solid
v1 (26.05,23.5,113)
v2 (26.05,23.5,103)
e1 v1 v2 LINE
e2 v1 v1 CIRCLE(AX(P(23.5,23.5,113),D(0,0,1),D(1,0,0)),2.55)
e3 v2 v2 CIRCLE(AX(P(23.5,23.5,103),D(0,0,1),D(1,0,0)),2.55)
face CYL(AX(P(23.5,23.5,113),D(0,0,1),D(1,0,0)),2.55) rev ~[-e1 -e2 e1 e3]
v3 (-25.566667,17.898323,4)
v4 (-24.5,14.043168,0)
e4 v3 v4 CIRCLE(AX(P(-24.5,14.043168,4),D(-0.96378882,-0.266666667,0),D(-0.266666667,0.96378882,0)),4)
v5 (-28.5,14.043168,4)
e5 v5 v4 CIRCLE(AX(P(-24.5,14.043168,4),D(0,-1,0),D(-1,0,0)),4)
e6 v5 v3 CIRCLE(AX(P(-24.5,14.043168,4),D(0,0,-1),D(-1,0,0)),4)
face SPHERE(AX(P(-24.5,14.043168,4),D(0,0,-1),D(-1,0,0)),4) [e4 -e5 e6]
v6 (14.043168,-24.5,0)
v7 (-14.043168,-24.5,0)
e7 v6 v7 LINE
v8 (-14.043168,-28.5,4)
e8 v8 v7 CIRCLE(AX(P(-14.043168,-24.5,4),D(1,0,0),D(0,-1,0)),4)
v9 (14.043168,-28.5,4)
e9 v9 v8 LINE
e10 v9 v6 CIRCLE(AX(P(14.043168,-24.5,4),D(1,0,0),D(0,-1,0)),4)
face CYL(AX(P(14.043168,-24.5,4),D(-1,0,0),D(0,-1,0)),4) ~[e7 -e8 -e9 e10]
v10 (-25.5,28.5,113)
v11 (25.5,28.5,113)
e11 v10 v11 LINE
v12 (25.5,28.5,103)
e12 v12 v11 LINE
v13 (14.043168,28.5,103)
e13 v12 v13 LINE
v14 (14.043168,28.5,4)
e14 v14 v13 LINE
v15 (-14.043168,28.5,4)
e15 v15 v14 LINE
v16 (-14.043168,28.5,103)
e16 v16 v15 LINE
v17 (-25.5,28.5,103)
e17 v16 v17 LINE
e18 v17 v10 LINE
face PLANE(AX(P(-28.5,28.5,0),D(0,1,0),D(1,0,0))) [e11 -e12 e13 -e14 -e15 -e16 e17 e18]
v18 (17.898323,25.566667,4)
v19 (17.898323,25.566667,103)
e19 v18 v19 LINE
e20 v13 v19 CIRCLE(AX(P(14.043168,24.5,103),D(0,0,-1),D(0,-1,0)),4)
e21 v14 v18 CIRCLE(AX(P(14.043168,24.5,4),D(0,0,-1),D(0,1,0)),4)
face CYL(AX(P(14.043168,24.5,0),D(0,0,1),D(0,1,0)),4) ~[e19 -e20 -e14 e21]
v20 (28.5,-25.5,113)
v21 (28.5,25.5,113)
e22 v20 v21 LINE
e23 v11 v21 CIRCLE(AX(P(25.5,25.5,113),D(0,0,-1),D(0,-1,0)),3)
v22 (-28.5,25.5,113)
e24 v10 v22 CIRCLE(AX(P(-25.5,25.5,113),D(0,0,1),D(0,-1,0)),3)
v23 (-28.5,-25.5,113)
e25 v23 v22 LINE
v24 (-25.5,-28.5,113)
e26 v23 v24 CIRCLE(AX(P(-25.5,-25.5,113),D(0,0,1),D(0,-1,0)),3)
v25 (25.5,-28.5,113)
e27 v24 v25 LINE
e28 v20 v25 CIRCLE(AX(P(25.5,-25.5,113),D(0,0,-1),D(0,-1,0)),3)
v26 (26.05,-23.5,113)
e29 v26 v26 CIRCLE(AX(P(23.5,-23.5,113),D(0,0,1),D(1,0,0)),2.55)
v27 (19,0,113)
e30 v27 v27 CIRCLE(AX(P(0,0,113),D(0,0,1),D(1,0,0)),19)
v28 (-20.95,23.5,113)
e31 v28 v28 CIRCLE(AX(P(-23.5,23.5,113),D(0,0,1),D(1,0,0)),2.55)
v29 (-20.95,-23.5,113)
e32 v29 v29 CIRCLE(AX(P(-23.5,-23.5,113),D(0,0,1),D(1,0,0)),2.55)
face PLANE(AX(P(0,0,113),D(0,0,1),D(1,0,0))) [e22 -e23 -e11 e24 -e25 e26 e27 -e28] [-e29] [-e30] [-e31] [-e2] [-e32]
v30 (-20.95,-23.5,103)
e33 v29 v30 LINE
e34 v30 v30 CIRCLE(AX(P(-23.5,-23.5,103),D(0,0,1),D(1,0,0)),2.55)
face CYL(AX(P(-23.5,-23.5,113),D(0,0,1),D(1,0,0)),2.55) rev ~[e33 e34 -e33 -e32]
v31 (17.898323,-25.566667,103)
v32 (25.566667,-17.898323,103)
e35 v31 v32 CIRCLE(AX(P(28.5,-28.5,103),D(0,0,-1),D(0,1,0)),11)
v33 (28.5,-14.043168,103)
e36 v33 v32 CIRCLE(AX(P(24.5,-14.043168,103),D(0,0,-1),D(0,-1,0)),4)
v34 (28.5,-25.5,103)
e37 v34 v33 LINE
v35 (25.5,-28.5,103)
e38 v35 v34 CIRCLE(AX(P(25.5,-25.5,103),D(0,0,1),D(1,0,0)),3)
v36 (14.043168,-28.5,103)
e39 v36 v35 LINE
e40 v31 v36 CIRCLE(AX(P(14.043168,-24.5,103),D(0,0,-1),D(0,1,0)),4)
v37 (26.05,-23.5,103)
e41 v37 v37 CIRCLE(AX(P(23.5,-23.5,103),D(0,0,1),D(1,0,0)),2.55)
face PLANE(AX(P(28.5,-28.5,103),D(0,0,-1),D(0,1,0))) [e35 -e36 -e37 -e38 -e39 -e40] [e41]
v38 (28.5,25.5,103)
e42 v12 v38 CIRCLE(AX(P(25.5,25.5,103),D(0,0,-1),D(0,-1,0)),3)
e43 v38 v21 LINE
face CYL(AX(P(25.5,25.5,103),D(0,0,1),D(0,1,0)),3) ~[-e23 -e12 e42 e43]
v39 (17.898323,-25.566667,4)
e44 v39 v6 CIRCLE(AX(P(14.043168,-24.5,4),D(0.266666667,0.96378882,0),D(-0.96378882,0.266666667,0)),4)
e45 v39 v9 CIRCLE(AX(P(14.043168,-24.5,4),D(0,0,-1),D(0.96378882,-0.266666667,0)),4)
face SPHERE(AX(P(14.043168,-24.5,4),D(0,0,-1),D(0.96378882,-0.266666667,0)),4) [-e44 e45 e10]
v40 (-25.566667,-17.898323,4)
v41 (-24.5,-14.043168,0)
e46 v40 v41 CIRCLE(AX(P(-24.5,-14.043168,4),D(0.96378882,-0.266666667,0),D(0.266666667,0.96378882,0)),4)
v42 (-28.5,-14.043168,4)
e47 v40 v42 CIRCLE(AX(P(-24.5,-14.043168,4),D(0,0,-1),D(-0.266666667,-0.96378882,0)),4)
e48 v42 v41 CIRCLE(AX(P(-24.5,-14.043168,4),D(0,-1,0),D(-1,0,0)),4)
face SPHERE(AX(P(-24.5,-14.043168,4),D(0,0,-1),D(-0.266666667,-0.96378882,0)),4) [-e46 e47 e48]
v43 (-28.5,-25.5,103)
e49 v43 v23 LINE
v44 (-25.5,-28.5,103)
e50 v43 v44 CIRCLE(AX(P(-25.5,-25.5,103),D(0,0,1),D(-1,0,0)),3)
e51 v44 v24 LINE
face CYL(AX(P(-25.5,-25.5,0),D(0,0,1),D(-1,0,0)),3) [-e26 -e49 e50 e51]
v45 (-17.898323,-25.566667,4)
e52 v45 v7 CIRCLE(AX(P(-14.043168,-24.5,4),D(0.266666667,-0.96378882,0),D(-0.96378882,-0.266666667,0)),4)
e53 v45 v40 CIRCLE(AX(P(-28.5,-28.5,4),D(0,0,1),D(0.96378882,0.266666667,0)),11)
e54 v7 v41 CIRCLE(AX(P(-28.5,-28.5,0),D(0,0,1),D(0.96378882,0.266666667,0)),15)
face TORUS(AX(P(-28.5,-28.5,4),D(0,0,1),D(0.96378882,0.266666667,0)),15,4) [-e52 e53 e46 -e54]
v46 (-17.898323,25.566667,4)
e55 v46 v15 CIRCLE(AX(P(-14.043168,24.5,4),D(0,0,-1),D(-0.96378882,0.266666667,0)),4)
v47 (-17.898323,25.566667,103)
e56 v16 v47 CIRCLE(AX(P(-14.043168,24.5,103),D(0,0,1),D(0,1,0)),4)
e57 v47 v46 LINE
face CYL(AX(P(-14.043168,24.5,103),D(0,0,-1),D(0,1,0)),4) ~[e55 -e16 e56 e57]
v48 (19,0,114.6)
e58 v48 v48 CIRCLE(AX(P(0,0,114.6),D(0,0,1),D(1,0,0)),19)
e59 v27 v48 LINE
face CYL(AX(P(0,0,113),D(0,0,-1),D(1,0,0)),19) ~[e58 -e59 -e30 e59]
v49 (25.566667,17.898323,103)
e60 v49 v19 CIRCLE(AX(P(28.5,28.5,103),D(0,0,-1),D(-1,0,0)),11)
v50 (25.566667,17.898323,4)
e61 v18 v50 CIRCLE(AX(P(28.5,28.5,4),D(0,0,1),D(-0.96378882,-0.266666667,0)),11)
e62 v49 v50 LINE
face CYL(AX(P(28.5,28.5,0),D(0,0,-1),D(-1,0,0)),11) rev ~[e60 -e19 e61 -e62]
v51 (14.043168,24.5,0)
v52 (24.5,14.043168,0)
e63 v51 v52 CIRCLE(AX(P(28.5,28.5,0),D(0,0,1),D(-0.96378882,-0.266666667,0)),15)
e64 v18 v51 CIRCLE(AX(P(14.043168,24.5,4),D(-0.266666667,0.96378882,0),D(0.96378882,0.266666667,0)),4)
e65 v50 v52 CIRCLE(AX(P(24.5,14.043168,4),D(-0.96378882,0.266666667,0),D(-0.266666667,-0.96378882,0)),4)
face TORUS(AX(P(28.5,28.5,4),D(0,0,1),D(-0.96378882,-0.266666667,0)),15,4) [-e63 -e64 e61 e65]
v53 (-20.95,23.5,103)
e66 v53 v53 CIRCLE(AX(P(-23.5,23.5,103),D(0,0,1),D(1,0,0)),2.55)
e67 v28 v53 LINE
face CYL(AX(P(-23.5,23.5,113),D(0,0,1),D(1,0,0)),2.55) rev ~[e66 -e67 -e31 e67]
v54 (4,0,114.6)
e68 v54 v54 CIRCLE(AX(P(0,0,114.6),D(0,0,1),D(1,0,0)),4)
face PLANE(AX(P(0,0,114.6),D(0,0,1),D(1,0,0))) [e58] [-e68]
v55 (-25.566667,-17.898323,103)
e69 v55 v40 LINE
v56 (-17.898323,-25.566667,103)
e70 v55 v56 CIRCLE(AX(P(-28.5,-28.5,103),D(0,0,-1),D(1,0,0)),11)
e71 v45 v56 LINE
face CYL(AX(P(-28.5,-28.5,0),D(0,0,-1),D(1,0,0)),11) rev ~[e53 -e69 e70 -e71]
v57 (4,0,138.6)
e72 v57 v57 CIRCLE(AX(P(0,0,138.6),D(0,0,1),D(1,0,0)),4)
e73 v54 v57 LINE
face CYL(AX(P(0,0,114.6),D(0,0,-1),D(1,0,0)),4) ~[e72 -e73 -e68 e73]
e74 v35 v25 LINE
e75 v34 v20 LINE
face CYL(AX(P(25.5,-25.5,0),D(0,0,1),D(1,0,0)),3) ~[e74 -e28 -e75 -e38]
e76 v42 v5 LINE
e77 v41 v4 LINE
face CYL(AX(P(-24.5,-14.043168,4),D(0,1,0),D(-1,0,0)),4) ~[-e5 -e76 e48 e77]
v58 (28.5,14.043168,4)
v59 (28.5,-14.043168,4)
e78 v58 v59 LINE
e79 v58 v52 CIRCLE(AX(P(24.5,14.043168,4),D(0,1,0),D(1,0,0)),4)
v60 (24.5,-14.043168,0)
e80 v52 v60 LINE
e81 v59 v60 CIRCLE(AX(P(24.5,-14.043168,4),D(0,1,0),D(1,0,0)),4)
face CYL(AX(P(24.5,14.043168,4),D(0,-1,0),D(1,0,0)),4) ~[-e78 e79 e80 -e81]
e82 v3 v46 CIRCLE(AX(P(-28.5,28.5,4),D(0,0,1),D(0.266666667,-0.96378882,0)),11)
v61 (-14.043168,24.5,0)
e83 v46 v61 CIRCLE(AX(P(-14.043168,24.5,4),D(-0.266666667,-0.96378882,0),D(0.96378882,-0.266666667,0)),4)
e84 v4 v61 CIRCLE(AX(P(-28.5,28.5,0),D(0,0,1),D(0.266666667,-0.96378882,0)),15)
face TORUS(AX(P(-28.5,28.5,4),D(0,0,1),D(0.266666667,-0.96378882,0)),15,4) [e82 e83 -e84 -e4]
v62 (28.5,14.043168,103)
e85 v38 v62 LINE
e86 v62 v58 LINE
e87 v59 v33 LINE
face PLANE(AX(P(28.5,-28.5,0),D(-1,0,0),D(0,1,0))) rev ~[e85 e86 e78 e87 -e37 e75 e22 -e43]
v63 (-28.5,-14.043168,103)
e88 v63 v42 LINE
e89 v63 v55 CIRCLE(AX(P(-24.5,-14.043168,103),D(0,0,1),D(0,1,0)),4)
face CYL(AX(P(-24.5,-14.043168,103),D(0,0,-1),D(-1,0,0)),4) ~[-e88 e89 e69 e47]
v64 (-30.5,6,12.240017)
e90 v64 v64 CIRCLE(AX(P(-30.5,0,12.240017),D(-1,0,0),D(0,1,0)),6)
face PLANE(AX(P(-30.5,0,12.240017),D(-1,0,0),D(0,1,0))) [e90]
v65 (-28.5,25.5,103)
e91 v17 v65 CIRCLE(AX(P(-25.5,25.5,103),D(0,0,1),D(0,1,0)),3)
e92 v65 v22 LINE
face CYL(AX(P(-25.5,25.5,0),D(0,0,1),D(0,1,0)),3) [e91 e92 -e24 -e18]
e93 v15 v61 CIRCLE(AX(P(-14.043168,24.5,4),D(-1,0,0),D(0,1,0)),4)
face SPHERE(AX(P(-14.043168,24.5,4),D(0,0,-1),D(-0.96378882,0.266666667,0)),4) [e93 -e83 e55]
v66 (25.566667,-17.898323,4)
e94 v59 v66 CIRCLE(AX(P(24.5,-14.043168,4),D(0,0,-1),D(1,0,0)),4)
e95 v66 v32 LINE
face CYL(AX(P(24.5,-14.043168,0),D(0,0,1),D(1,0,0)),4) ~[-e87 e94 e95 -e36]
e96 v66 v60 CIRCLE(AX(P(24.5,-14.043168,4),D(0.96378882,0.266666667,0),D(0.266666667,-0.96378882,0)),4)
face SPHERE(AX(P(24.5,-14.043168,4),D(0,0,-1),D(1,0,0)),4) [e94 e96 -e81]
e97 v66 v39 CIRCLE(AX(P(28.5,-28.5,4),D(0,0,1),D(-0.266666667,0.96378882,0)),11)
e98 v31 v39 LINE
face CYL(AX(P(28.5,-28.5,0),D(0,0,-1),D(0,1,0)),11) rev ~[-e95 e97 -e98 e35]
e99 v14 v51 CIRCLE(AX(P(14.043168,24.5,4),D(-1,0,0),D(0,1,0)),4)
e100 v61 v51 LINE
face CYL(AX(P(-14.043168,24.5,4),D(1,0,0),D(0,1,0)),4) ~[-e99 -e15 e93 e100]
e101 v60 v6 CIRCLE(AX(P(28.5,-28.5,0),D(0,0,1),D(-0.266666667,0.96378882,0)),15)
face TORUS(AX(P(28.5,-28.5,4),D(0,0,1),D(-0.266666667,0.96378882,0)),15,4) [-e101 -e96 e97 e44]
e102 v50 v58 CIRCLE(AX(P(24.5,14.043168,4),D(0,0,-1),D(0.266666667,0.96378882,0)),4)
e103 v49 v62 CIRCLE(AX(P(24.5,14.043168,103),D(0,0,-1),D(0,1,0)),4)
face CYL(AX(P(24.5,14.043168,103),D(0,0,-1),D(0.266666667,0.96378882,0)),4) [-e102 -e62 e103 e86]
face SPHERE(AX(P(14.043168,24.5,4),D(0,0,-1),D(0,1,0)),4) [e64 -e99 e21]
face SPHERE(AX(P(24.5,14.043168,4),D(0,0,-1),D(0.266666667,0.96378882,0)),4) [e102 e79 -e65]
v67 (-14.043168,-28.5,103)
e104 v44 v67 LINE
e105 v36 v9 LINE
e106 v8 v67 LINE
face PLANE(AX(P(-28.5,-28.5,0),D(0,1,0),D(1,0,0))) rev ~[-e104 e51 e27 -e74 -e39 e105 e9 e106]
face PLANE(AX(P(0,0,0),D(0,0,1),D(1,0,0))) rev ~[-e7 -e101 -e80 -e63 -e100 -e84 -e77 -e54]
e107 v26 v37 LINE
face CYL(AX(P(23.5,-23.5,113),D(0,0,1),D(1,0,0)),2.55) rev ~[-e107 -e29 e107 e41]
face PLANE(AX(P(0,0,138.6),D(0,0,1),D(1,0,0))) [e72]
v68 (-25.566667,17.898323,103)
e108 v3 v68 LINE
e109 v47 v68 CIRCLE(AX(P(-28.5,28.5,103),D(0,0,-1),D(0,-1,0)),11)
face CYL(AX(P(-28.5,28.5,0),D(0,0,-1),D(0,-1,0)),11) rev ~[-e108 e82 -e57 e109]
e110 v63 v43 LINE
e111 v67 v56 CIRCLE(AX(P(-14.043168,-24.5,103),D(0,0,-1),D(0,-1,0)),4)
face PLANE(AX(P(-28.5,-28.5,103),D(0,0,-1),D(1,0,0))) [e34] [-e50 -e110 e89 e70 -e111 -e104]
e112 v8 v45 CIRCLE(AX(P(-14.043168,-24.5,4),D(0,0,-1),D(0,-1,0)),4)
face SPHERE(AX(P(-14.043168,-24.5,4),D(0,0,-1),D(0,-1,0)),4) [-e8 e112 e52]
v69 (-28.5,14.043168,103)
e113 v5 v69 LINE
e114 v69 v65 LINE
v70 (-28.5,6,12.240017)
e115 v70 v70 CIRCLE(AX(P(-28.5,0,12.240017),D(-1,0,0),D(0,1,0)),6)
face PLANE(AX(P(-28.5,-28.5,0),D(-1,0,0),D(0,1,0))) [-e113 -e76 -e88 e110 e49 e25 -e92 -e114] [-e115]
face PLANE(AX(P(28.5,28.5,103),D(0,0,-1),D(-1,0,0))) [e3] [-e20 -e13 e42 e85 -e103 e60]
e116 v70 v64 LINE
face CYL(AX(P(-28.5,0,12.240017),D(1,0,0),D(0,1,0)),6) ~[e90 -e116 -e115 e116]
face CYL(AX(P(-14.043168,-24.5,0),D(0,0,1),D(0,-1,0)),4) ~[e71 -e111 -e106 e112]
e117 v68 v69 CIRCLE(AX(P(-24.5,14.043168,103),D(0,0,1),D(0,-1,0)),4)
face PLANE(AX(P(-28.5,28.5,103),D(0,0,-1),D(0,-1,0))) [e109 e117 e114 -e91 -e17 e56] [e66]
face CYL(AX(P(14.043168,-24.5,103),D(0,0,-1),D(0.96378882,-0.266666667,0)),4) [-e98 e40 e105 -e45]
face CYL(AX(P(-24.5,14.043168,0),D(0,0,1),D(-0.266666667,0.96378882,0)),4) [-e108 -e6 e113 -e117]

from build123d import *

# Parameters (mm, degrees)
SKETCH1_W           = 57
SKETCH1_H           = 57
BOSS_EXTRUDE1_DEPTH = 113
SKETCH2_R           = 11
CUT_EXTRUDE1_DEPTH  = 103
SKETCH3_R           = 2.55
CUT_EXTRUDE2_DEPTH  = 120.97291361
FILLET2_R           = 3
SKETCH4_R           = 19
BOSS_EXTRUDE2_DEPTH = 1.6
FILLET4_R           = 3
SKETCH6_R           = 4
BOSS_EXTRUDE3_DEPTH = 24
SKETCH7_R           = 6
BOSS_EXTRUDE4_DEPTH = 2
CIRPATTERN4_COUNT   = 4
FILLET5_R           = 4
FILLET6_R           = 4


with BuildPart() as part:
    # Sketch1 → Boss-Extrude1 (new body)
    with BuildSketch(Plane.XY):
        Rectangle(SKETCH1_W, SKETCH1_H)
    extrude(amount=BOSS_EXTRUDE1_DEPTH)

    # Sketch2 → Cut-Extrude1 (cut)
    with BuildSketch(Plane(origin=(0, 0, 0), x_dir=(-1, 0, 0), z_dir=(0, 0, -1))):
        with Locations((-28.5, 28.5)):
            Circle(SKETCH2_R)
    cut_extrude1 = extrude(amount=-CUT_EXTRUDE1_DEPTH, mode=Mode.SUBTRACT)

    # Sketch3 → Cut-Extrude2 (cut, through all)
    with BuildSketch(Plane.XY.offset(113)):
        with Locations((-23.5, 23.5)):
            Circle(SKETCH3_R)
        with Locations((23.5, 23.5)):
            Circle(SKETCH3_R)
        with Locations((23.5, -23.5)):
            Circle(SKETCH3_R)
        with Locations((-23.5, -23.5)):
            Circle(SKETCH3_R)
    extrude(amount=-CUT_EXTRUDE2_DEPTH, mode=Mode.SUBTRACT)

    # Fillet2
    fillet2_edges = [part.edges().sort_by_distance(p)[0] for p in [
        (28.5, 28.5, 108),
    ]]
    fillet(fillet2_edges, radius=FILLET2_R)

    # Sketch4 → Boss-Extrude2 (add)
    with BuildSketch(Plane.XY.offset(113)):
        Circle(SKETCH4_R)
    extrude(amount=BOSS_EXTRUDE2_DEPTH)

    # Fillet4
    fillet4_edges = [part.edges().sort_by_distance(p)[0] for p in [
        (-28.5, 28.5, 56.5),
        (28.5, -28.5, 56.5),
        (-28.5, -28.5, 56.5),
    ]]
    fillet(fillet4_edges, radius=FILLET4_R)

    # Sketch6 → Boss-Extrude3 (add)
    with BuildSketch(Plane.XY.offset(114.6)):
        Circle(SKETCH6_R)
    extrude(amount=BOSS_EXTRUDE3_DEPTH)

    # Sketch7 → Boss-Extrude4 (add)
    with BuildSketch(Plane.ZY.offset(28.5)):
        with Locations(Location((12.240016964, 0, 0), (0, 0, 90))):
            Circle(SKETCH7_R)
    extrude(amount=BOSS_EXTRUDE4_DEPTH)

    # CirPattern4: Cut-Extrude1 ×4 about axis
    cirpattern4_axis = Axis((0, 0, 0), (0, 0, 1))
    for i in range(1, CIRPATTERN4_COUNT):
        add(cut_extrude1.rotate(cirpattern4_axis, i * 360 / CIRPATTERN4_COUNT), mode=Mode.SUBTRACT)

    # Fillet5
    fillet5_edges = [part.edges().sort_by_distance(p)[0] for p in [
        (-28.5, -17.5, 51.5),
        (-17.5, -28.5, 51.5),
        (17.5, -28.5, 51.5),
        (28.5, -17.5, 51.5),
        (28.5, 17.5, 51.5),
        (17.5, 28.5, 51.5),
        (-28.5, 17.5, 51.5),
        (-17.5, 28.5, 51.5),
    ]]
    fillet(fillet5_edges, radius=FILLET5_R)

    # Fillet6
    fillet6_edges = [part.edges().sort_by_distance(p)[0] for p in [
        (-28.5, 0, 0),
        (-20.721825407, 20.721825407, 0),
        (0, 28.5, 0),
        (20.721825407, 20.721825407, 0),
        (28.5, 0, 0),
        (20.721825407, -20.721825407, 0),
        (0, -28.5, 0),
        (-20.721825407, -20.721825407, 0),
        (27.683289703, -16.465287988, 0),
        (16.465287988, -27.683289703, 0),
        (-16.465287988, -27.683289703, 0),
        (-27.683289703, -16.465287988, 0),
        (27.683289703, 16.465287988, 0),
        (16.465287988, 27.683289703, 0),
        (-16.465287988, 27.683289703, 0),
        (-27.683289703, 16.465287988, 0),
    ]]
    fillet(fillet6_edges, radius=FILLET6_R)


solid = part.part
